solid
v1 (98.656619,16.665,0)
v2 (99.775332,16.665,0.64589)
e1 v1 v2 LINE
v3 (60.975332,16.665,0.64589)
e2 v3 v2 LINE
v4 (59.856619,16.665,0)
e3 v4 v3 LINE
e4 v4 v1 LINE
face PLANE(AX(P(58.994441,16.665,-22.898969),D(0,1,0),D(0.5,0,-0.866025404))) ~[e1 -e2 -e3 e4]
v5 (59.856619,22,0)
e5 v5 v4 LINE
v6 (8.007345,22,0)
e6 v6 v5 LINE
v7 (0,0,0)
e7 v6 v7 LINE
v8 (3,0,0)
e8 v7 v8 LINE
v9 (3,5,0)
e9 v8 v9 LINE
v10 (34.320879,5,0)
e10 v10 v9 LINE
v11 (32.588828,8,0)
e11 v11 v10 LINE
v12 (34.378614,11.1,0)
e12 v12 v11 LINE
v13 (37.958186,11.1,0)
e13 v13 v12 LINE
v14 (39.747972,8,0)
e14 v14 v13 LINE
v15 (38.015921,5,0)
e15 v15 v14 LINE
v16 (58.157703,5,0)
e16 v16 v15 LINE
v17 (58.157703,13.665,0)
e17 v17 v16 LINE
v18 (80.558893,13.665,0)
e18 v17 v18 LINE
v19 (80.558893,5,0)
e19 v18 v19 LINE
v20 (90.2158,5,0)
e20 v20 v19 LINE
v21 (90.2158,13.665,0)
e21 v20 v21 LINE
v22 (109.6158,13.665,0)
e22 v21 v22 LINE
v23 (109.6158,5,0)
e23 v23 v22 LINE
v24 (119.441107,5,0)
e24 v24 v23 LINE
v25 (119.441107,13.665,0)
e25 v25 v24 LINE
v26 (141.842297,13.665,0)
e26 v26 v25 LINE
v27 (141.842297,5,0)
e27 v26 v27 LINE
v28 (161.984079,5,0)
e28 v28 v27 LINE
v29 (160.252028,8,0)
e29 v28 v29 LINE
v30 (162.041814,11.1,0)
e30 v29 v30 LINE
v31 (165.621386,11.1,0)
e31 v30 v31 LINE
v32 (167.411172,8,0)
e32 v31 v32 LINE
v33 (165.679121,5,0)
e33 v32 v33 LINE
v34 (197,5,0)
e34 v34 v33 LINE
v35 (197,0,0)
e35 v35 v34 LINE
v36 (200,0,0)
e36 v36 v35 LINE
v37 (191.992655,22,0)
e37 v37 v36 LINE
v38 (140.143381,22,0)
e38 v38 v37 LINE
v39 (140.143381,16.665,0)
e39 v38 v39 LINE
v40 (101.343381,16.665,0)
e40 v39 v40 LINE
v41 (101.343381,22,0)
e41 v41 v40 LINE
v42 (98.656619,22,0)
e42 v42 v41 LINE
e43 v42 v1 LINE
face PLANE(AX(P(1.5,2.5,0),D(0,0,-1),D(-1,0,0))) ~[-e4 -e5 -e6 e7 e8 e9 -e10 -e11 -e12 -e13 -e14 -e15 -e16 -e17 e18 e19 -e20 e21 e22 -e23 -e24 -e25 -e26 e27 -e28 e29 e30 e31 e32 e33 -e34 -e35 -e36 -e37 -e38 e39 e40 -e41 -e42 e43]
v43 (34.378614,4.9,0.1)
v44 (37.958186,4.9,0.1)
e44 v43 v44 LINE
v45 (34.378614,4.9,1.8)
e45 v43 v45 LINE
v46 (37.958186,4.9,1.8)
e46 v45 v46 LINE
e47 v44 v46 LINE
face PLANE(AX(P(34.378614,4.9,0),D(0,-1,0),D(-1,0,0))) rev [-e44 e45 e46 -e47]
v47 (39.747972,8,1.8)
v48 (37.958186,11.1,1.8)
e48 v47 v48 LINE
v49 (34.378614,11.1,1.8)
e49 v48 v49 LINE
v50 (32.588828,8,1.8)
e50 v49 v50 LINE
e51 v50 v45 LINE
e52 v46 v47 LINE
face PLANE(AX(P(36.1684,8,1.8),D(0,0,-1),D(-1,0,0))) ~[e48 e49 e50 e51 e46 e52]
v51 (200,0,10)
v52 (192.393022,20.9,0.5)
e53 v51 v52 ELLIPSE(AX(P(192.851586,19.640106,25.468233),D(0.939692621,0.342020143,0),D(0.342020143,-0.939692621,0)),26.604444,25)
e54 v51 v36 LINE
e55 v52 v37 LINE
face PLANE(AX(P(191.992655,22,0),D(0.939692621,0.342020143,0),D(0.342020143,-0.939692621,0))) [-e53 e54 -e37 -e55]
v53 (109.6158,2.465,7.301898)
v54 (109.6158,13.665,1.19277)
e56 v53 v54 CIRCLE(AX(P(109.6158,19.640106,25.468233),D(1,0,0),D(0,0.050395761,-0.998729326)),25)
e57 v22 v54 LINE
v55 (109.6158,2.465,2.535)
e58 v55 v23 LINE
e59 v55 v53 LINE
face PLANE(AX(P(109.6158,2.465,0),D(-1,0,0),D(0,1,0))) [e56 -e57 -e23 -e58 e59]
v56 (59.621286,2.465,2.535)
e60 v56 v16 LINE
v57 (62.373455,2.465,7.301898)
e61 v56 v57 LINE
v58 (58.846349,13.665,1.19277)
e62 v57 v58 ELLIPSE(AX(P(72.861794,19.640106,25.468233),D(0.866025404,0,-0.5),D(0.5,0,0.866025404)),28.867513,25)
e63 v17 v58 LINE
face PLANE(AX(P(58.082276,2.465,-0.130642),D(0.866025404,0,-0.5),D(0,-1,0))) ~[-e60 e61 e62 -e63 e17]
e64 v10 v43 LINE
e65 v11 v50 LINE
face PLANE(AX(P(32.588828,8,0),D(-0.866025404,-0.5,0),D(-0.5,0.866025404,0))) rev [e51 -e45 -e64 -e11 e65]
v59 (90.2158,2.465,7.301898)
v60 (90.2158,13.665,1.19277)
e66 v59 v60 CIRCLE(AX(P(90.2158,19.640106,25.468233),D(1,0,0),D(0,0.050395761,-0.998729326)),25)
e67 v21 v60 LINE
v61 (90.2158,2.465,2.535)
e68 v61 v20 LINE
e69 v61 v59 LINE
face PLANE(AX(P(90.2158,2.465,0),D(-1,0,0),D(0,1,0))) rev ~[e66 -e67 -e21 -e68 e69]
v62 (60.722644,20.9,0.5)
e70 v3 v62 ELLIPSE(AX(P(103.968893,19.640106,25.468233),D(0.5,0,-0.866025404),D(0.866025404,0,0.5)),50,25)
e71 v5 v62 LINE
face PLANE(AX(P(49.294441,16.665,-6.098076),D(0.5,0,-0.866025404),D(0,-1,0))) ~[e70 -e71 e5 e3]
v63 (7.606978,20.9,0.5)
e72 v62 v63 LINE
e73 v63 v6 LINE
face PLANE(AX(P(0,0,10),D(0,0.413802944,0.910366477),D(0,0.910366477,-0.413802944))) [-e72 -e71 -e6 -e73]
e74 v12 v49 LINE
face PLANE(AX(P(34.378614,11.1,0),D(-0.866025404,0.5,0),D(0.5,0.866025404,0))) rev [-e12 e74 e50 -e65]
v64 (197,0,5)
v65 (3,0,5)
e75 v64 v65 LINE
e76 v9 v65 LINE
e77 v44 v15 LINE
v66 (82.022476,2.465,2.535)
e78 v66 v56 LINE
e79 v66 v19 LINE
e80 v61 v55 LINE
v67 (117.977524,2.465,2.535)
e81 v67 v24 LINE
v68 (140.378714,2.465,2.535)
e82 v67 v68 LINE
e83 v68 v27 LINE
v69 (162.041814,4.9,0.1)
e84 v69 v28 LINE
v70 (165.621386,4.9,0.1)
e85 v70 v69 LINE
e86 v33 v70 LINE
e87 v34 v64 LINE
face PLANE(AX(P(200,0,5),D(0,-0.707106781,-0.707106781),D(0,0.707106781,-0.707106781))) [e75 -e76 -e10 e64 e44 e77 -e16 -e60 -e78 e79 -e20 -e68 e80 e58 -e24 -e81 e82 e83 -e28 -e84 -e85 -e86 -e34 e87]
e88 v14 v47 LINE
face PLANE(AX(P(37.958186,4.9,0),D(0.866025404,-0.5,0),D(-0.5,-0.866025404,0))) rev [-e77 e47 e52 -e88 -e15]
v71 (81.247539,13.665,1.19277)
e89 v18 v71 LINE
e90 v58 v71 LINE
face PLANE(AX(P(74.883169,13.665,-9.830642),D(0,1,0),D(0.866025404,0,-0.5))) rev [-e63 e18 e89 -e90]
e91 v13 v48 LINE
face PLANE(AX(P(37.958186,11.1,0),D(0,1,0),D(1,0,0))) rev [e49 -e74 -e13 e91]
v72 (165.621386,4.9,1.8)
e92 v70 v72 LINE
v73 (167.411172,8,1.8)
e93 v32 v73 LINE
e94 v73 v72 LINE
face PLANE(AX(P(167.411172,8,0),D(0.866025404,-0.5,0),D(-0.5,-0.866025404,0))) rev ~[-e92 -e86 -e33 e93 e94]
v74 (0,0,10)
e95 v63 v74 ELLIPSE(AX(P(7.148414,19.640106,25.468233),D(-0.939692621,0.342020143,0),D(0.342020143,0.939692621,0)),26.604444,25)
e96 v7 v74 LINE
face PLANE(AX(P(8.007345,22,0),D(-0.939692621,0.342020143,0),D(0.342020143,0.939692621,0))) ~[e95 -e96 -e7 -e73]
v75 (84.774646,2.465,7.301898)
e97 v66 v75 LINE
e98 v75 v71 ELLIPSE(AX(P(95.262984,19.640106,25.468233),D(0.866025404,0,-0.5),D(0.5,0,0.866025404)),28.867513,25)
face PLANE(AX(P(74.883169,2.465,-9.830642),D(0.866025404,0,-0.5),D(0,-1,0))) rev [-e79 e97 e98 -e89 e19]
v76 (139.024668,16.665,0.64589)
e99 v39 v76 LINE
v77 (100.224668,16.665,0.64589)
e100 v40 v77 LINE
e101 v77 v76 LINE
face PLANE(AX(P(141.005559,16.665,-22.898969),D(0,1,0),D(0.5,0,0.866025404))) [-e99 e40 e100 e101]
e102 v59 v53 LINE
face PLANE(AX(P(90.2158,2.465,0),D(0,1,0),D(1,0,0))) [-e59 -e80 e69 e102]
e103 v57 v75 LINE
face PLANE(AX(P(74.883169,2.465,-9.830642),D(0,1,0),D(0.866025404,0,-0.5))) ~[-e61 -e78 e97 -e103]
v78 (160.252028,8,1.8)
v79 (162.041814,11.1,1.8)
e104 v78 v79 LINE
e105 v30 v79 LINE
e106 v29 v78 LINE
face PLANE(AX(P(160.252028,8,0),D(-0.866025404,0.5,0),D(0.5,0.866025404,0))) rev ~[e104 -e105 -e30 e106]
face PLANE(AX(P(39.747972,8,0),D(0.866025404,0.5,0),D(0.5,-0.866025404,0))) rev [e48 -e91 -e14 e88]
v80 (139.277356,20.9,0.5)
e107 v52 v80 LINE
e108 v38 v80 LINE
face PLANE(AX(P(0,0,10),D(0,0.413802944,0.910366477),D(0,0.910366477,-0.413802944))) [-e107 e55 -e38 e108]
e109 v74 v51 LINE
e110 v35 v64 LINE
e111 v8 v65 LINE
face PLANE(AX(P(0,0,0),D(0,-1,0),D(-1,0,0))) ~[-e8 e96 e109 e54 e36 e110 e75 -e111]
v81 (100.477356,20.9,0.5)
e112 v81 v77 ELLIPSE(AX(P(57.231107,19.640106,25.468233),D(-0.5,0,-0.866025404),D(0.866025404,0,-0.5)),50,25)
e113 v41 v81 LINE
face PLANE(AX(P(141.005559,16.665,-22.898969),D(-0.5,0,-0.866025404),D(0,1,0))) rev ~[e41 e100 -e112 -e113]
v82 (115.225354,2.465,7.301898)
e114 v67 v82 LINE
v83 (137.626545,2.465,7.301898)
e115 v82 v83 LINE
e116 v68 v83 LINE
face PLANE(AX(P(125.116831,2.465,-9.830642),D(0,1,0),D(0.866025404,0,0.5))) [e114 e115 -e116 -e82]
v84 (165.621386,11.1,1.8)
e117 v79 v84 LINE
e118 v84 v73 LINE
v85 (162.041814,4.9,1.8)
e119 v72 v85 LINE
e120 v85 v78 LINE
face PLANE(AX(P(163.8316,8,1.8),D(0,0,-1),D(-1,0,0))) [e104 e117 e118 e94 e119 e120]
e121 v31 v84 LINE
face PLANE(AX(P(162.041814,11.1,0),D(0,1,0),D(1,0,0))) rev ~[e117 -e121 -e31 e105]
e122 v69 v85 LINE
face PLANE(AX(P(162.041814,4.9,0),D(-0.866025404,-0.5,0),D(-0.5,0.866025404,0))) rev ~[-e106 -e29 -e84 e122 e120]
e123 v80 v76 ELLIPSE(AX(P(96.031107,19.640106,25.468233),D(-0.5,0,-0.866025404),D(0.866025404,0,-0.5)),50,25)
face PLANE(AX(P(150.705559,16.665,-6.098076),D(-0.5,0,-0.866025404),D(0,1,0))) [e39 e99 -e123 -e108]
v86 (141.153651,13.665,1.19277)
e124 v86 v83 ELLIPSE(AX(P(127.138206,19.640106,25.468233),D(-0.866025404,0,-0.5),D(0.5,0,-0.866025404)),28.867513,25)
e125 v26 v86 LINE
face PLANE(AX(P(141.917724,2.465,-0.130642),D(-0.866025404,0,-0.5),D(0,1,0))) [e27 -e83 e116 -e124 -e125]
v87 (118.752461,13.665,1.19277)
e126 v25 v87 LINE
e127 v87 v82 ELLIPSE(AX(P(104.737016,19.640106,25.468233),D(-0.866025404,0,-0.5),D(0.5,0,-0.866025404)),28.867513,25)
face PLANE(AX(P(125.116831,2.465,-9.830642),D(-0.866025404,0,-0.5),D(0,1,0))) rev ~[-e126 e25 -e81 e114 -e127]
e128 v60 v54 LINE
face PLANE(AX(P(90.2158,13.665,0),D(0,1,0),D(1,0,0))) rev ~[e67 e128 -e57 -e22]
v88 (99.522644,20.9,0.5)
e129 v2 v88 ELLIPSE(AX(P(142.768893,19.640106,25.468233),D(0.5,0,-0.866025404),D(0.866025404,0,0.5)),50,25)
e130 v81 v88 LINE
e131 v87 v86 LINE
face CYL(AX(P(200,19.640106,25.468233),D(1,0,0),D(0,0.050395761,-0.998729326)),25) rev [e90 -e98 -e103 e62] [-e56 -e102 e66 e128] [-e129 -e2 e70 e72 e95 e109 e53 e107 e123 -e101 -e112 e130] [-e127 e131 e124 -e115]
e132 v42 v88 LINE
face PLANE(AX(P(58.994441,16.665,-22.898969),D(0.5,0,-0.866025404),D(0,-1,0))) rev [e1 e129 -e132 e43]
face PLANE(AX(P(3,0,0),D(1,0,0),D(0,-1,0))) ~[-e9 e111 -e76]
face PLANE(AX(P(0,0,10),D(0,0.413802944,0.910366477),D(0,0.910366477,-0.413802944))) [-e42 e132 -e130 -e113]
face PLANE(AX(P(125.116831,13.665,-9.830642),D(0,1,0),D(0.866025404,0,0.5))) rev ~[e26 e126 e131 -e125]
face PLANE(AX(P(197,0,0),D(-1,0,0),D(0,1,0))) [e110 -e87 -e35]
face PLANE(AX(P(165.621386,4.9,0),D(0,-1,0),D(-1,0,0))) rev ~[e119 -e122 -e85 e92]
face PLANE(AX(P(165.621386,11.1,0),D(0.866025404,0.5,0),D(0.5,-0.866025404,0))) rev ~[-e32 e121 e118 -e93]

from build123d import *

# Parameters (mm, degrees)
BOSS_EXTRUDE1_DEPTH = 200
CUT_EXTRUDE1_DEPTH  = 202.45470955
CUT_EXTRUDE2_DEPTH  = 202.45470955
BOSS_EXTRUDE2_REACH = 203.455
SKETCH5_W           = 3
SKETCH5_H           = 5
CUT_EXTRUDE3_DEPTH  = 202.45470955
CUT_EXTRUDE4_DEPTH  = 1.8
SKETCH9_W           = 19.4
SKETCH9_H           = 11.2
SKETCH9_W_2         = 15.4
SKETCH9_H_2         = 7.2
CUT_EXTRUDE6_DEPTH  = 202.45470955
CUT_EXTRUDE8_START  = -6.8
SKETCH10_W          = 19.4
SKETCH10_H          = 11.2
SKETCH10_W_2        = 15.4
SKETCH10_H_2        = 7.2
CUT_EXTRUDE8_DEPTH  = 22.6
SKETCH11_W          = 19.4
SKETCH11_H          = 12.8
SKETCH11_W_2        = 15.4
SKETCH11_H_2        = 8.8
CUT_EXTRUDE9_DEPTH  = 97.8


with BuildPart() as part:
    # Sketch1 → Boss-Extrude1 (new body)
    with BuildSketch(Plane(origin=(0, 0, 0), x_dir=(0, 0, -1), z_dir=(1, 0, 0))):
        Polygon((0, 0), (-10, 0), (0, 22), align=None)
    extrude(amount=BOSS_EXTRUDE1_DEPTH)

    # Sketch2 → Cut-Extrude1 (cut, through all)
    with BuildSketch(Plane(origin=(200, 0, 0), x_dir=(0, 0, -1), z_dir=(1, 0, 0))):
        with BuildLine():
            Line((-10, 0), (-0.5, 20.9))
            ThreePointArc((-0.5, 20.9), (-2.709071222, 9.295032374), (-10, 0))
        make_face()
    extrude(amount=-CUT_EXTRUDE1_DEPTH, mode=Mode.SUBTRACT)

    # Sketch4 → Cut-Extrude2 (cut, through all)
    with BuildSketch(Plane(origin=(200, 0, 0), x_dir=(0, 0, -1), z_dir=(1, 0, 0))):
        Polygon((-5, 0), (0, 5), (0, 0), align=None)
    extrude(amount=-CUT_EXTRUDE2_DEPTH, mode=Mode.SUBTRACT)

    # Boss-Extrude2: up to this face of the body (flat: up to its plane)
    boss_extrude2_end = Plane(part.part.faces().sort_by_distance((100, 2.5, 2.5))[0])
    # Sketch5 → Boss-Extrude2 (add, up to the picked face)
    with BuildSketch(Plane(origin=(0, 0, 0), x_dir=(-1, 0, 0), z_dir=(0, 0, -1)), mode=Mode.PRIVATE) as boss_extrude2_sk1:
        with Locations((-198.5, 2.5)):
            Rectangle(SKETCH5_W, SKETCH5_H)
    boss_extrude2_tool1 = split(extrude(boss_extrude2_sk1.sketch, amount=-BOSS_EXTRUDE2_REACH, mode=Mode.PRIVATE), bisect_by=boss_extrude2_end, keep=Keep.BOTH, mode=Mode.PRIVATE)
    boss_extrude2 = boss_extrude2_tool1.solids().sort_by(Axis((198.5, 2.5, 0), (0, 0, 1)))[0]
    add(boss_extrude2)

    # Sketch6 → Cut-Extrude3 (cut, through all)
    with BuildSketch(Plane(origin=(0, 0, 0), x_dir=(-1, 0, 0), z_dir=(0, 0, -1))):
        Polygon((-200, 22), (-191.992654846, 22), (-200, 0), align=None)
    cut_extrude3 = extrude(amount=-CUT_EXTRUDE3_DEPTH, mode=Mode.SUBTRACT)

    # Mirror2: Boss-Extrude2, Cut-Extrude3 across plane
    add(boss_extrude2.mirror(Plane(origin=(100, 0, 0), x_dir=(0, 0, 1), z_dir=(1, 0, 0))))
    add(cut_extrude3.mirror(Plane(origin=(100, 0, 0), x_dir=(0, 0, 1), z_dir=(1, 0, 0))), mode=Mode.SUBTRACT)

    # Sketch8 → Cut-Extrude4 (cut)
    with BuildSketch(Plane(origin=(0, 0, 0), x_dir=(-1, 0, 0), z_dir=(0, 0, -1))):
        Polygon((-165.621385956, 11.1), (-167.411171791, 8), (-165.621385956, 4.9), (-162.041814288, 4.9), (-160.252028453, 8), (-162.041814288, 11.1), align=None)
    cut_extrude4 = extrude(amount=-CUT_EXTRUDE4_DEPTH, mode=Mode.SUBTRACT)

    # Sketch9 → Cut-Extrude6 (cut, through all)
    with BuildSketch(Plane.XY):
        with Locations((99.915800061, 8.065)):
            Rectangle(SKETCH9_W, SKETCH9_H)
        with Locations((99.915800061, 8.065)):
            Rectangle(SKETCH9_W_2, SKETCH9_H_2, mode=Mode.SUBTRACT)
    extrude(amount=CUT_EXTRUDE6_DEPTH, mode=Mode.SUBTRACT)


with BuildPart() as cut_extrude6_kept_piece:
    # of the separate pieces the step leaves, the one the design keeps (cut_extrude6_pieces_kept)
    add(part.part.solids().sort_by_distance((197, 5, 0))[0])

    # Sketch10 → Cut-Extrude8 (cut)
    # profile 1 of 2: a face of its own
    with BuildSketch(Plane(origin=(32.136000823, 0, -55.661186177), x_dir=(0.866025403784433, 0, 0.5000000000000099), z_dir=(-0.5000000000000098, 0, 0.8660254037844329)).offset(CUT_EXTRUDE8_START)):
        with Locations((113.139032853, 8.065)):
            Rectangle(SKETCH10_W, SKETCH10_H)
        with Locations((113.139032853, 8.065)):
            Rectangle(SKETCH10_W_2, SKETCH10_H_2, mode=Mode.SUBTRACT)
    # profile 2 of 2: a face of its own
    with BuildSketch(Plane(origin=(32.136000823, 0, -55.661186177), x_dir=(0.866025403784433, 0, 0.5000000000000099), z_dir=(-0.5000000000000098, 0, 0.8660254037844329)).offset(CUT_EXTRUDE8_START)):
        with Locations((113.139032853, 8.065)):
            Rectangle(SKETCH10_W_2, SKETCH10_H_2)
    cut_extrude8 = extrude(amount=CUT_EXTRUDE8_DEPTH, mode=Mode.SUBTRACT)

    # Sketch11 → Cut-Extrude9 (cut)
    # profile 1 of 2: a face of its own
    with BuildSketch(Plane(origin=(115.669713788, 0, -66.781940393), x_dir=(0.4999999999999981, -1.9080601945838373e-15, 0.8660254037844397), z_dir=(-0.8660254037844397, 3.3048572009189827e-15, 0.4999999999999981))):
        with Locations((60.371690641, 23.065)):
            Rectangle(SKETCH11_W, SKETCH11_H)
        with Locations((60.371690641, 23.065)):
            Rectangle(SKETCH11_W_2, SKETCH11_H_2, mode=Mode.SUBTRACT)
    # profile 2 of 2: a face of its own
    with BuildSketch(Plane(origin=(115.669713788, 0, -66.781940393), x_dir=(0.4999999999999981, -1.9080601945838373e-15, 0.8660254037844397), z_dir=(-0.8660254037844397, 3.3048572009189827e-15, 0.4999999999999981))):
        with Locations((60.371690641, 23.065)):
            Rectangle(SKETCH11_W_2, SKETCH11_H_2)
    cut_extrude9 = extrude(amount=CUT_EXTRUDE9_DEPTH, mode=Mode.SUBTRACT)

    # Mirror4: Cut-Extrude8, Cut-Extrude9 across plane
    add(cut_extrude8.mirror(Plane(origin=(100, 0, 0), x_dir=(0, 0, 1), z_dir=(1, 0, 0))), mode=Mode.SUBTRACT)
    add(cut_extrude9.mirror(Plane(origin=(100, 0, 0), x_dir=(0, 0, 1), z_dir=(1, 0, 0))), mode=Mode.SUBTRACT)

    # Mirror5: Cut-Extrude4 across plane
    add(cut_extrude4.mirror(Plane(origin=(100, 0, 0), x_dir=(0, 0, 1), z_dir=(1, 0, 0))), mode=Mode.SUBTRACT)


solid = cut_extrude6_kept_piece.part
